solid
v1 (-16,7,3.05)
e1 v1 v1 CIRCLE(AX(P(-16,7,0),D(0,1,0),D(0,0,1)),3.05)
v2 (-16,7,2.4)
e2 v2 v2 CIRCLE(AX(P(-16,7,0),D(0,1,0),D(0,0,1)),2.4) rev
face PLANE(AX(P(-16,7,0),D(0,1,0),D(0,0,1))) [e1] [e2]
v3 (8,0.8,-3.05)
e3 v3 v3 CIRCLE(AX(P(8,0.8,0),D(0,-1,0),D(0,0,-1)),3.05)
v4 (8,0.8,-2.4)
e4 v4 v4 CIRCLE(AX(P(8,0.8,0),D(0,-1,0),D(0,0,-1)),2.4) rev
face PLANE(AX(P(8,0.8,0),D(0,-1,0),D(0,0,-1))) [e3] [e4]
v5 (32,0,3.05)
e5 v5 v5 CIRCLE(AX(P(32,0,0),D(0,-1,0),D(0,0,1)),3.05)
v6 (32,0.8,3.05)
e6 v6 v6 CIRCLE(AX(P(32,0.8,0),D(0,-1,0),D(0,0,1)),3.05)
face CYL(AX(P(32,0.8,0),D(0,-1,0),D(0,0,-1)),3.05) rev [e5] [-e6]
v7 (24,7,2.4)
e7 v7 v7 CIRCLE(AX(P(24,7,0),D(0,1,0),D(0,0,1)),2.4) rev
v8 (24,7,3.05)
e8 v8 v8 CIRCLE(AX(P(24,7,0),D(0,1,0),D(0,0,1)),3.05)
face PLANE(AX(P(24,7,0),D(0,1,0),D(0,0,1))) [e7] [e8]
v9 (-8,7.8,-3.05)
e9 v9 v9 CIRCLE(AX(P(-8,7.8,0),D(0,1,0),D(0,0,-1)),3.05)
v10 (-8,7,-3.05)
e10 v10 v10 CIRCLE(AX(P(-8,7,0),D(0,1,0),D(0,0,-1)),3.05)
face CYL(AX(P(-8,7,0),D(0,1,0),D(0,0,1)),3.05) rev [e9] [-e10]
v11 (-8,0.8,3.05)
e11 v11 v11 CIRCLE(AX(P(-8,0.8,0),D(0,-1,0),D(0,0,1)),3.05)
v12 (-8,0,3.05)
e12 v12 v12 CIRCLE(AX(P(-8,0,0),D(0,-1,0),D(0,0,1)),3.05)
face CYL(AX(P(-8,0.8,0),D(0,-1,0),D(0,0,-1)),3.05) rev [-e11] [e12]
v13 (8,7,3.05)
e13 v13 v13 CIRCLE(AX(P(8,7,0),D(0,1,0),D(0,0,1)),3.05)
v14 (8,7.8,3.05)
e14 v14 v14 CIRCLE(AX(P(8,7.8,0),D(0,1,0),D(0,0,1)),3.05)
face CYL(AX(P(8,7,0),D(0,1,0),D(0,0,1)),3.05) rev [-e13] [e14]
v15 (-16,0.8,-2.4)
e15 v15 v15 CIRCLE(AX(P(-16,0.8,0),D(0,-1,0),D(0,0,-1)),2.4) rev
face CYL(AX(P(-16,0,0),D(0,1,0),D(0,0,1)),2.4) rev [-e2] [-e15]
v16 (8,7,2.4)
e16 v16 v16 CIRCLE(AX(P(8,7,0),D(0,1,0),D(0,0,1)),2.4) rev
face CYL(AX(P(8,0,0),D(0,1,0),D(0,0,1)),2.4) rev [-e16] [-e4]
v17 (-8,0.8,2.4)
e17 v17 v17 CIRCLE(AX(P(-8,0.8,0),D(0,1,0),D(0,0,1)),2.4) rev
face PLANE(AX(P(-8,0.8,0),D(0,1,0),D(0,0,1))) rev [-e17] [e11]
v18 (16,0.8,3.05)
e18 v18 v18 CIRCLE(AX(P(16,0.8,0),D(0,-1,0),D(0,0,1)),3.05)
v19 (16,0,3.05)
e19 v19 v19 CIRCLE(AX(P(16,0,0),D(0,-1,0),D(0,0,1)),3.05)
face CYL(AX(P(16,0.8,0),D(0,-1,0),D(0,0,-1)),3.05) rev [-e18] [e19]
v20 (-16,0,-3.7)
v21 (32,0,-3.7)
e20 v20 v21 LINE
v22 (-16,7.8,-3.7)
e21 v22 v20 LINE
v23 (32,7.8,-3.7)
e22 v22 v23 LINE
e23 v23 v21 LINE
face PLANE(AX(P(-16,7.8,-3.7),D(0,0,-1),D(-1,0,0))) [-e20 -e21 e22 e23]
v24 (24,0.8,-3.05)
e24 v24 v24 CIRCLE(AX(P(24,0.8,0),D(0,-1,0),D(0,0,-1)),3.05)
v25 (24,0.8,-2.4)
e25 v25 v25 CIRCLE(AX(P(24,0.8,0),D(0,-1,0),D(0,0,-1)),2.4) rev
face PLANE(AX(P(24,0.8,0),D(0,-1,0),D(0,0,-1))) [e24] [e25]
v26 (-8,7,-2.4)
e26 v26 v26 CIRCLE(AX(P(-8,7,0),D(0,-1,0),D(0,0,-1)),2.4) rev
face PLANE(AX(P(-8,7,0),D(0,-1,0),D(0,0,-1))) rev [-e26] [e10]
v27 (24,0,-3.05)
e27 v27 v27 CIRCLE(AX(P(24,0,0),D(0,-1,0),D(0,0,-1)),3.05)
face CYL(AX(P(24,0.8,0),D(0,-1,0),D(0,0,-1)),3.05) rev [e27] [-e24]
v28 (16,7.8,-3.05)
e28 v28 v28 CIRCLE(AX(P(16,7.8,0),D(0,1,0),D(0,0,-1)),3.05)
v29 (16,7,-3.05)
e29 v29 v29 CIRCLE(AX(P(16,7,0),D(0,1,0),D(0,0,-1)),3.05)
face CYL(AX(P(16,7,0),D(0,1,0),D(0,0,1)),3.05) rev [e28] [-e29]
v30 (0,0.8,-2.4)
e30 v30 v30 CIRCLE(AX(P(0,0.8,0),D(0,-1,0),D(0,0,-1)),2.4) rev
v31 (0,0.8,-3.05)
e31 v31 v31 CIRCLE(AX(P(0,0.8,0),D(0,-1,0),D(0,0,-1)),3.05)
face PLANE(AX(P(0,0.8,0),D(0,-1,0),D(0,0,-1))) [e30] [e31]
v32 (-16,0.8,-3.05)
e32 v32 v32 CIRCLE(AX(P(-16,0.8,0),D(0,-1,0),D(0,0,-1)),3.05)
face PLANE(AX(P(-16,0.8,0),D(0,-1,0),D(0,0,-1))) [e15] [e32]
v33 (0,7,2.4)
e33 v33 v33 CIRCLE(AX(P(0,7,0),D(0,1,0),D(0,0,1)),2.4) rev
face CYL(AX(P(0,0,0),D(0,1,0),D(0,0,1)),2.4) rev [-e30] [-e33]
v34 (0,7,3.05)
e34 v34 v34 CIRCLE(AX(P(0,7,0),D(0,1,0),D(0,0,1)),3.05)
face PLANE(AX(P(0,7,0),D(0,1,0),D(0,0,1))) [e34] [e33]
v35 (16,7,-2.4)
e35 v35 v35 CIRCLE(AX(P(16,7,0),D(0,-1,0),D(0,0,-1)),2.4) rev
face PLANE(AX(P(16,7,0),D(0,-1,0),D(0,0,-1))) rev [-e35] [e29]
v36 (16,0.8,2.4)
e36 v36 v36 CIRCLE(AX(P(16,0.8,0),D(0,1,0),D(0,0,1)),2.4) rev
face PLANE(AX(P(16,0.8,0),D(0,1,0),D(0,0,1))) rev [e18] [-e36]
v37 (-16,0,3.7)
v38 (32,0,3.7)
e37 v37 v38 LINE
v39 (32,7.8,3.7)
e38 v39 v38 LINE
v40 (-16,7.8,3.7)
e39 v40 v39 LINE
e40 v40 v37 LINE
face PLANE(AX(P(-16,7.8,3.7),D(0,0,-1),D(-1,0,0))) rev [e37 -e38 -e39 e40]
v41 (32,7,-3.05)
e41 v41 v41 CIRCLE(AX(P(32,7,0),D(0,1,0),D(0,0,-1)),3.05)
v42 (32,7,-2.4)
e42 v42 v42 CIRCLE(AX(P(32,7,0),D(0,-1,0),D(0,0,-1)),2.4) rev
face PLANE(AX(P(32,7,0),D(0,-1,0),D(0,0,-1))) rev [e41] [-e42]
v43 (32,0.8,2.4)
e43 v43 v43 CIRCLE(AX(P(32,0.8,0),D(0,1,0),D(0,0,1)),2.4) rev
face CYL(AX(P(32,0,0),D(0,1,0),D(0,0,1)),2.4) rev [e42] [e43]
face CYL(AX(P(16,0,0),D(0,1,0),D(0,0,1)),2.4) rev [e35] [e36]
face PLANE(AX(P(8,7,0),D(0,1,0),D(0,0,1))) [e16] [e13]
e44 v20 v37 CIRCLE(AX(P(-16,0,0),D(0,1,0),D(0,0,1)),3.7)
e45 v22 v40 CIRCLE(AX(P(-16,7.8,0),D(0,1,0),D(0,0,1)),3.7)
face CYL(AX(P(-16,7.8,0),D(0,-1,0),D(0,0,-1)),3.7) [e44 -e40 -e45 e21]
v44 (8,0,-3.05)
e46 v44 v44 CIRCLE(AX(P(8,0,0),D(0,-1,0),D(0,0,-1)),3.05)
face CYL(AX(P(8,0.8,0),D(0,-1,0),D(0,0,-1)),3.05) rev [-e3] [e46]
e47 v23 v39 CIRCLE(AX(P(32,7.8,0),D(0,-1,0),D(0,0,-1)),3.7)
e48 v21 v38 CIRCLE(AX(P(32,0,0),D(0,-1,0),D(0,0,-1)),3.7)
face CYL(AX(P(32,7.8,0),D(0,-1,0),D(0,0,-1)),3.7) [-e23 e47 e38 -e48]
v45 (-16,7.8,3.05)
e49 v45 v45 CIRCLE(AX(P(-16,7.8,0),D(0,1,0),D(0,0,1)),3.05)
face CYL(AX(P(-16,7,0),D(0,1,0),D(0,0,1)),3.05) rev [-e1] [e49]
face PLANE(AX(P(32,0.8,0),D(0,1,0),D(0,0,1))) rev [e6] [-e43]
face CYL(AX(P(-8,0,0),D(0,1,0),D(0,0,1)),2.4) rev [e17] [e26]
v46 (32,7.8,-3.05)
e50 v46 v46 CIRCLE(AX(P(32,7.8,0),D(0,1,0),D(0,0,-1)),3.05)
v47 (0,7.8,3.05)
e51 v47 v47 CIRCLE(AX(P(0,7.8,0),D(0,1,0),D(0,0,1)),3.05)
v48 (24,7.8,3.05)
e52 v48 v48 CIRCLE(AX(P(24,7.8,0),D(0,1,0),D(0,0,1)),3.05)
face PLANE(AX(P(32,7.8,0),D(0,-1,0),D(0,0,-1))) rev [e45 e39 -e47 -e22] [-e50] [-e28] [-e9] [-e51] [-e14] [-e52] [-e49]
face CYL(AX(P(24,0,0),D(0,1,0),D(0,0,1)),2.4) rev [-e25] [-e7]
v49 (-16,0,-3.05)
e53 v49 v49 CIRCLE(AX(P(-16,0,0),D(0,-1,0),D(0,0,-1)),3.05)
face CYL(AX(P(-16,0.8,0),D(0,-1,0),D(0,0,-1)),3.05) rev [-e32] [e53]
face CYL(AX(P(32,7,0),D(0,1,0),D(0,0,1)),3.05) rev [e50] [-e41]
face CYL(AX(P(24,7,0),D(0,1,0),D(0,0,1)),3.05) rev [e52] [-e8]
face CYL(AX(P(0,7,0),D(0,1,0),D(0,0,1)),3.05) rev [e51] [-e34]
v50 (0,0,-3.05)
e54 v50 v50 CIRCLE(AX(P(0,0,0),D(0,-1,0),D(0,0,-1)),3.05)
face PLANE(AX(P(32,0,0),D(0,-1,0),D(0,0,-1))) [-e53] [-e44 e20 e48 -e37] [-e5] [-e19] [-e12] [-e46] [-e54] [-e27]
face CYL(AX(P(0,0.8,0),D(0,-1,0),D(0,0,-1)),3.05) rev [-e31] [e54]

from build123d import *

# Parameters (mm, degrees)
BOSS_EXTRUDE3_DEPTH = 7.8
SKETCH2_R           = 2.4
CUT_EXTRUDE1_DEPTH  = 7.8
SKETCH3_R           = 3.05
CUT_EXTRUDE2_DEPTH  = 0.8
SKETCH4_R           = 3.05
CUT_EXTRUDE3_DEPTH  = 0.8


with BuildPart() as part:
    # Sketch1 → Boss-Extrude3 (new body)
    with BuildSketch(Plane(origin=(0, 0, 0), x_dir=(1, 0, 0), z_dir=(0, 1, 0))):
        with BuildLine():
            Line((-16, -3.7), (32, -3.7))
            ThreePointArc((32, -3.7), (35.7, 0), (32, 3.7))
            Line((32, 3.7), (-16, 3.7))
            ThreePointArc((-16, 3.7), (-19.7, 0), (-16, -3.7))
        make_face()
    extrude(amount=BOSS_EXTRUDE3_DEPTH)

    # Sketch2 → Cut-Extrude1 (cut)
    with BuildSketch(Plane(origin=(0, 7.8, 0), x_dir=(1, 0, 0), z_dir=(0, 1, 0))):
        Circle(SKETCH2_R)
        with Locations((8, 0)):
            Circle(SKETCH2_R)
        with Locations((16, 0)):
            Circle(SKETCH2_R)
        with Locations((-16, 0)):
            Circle(SKETCH2_R)
        with Locations((-8, 0)):
            Circle(SKETCH2_R)
        with Locations((24, 0)):
            Circle(SKETCH2_R)
        with Locations((32, 0)):
            Circle(SKETCH2_R)
    extrude(amount=-CUT_EXTRUDE1_DEPTH, mode=Mode.SUBTRACT)

    # Sketch3 → Cut-Extrude2 (cut)
    with BuildSketch(Plane(origin=(0, 7.8, 0), x_dir=(1, 0, 0), z_dir=(0, 1, 0))):
        Circle(SKETCH3_R)
        with Locations((8, 0)):
            Circle(SKETCH3_R)
        with Locations((16, 0)):
            Circle(SKETCH3_R)
        with Locations((-16, 0)):
            Circle(SKETCH3_R)
        with Locations((-8, 0)):
            Circle(SKETCH3_R)
        with Locations((32, 0)):
            Circle(SKETCH3_R)
        with Locations((24, 0)):
            Circle(SKETCH3_R)
    extrude(amount=-CUT_EXTRUDE2_DEPTH, mode=Mode.SUBTRACT)

    # Sketch4 → Cut-Extrude3 (cut)
    with BuildSketch(Plane.XZ):
        Circle(SKETCH4_R)
        with Locations((8, 0)):
            Circle(SKETCH4_R)
        with Locations((16, 0)):
            Circle(SKETCH4_R)
        with Locations((-16, 0)):
            Circle(SKETCH4_R)
        with Locations((-8, 0)):
            Circle(SKETCH4_R)
        with Locations((32, 0)):
            Circle(SKETCH4_R)
        with Locations((24, 0)):
            Circle(SKETCH4_R)
    extrude(amount=-CUT_EXTRUDE3_DEPTH, mode=Mode.SUBTRACT)


solid = part.part
